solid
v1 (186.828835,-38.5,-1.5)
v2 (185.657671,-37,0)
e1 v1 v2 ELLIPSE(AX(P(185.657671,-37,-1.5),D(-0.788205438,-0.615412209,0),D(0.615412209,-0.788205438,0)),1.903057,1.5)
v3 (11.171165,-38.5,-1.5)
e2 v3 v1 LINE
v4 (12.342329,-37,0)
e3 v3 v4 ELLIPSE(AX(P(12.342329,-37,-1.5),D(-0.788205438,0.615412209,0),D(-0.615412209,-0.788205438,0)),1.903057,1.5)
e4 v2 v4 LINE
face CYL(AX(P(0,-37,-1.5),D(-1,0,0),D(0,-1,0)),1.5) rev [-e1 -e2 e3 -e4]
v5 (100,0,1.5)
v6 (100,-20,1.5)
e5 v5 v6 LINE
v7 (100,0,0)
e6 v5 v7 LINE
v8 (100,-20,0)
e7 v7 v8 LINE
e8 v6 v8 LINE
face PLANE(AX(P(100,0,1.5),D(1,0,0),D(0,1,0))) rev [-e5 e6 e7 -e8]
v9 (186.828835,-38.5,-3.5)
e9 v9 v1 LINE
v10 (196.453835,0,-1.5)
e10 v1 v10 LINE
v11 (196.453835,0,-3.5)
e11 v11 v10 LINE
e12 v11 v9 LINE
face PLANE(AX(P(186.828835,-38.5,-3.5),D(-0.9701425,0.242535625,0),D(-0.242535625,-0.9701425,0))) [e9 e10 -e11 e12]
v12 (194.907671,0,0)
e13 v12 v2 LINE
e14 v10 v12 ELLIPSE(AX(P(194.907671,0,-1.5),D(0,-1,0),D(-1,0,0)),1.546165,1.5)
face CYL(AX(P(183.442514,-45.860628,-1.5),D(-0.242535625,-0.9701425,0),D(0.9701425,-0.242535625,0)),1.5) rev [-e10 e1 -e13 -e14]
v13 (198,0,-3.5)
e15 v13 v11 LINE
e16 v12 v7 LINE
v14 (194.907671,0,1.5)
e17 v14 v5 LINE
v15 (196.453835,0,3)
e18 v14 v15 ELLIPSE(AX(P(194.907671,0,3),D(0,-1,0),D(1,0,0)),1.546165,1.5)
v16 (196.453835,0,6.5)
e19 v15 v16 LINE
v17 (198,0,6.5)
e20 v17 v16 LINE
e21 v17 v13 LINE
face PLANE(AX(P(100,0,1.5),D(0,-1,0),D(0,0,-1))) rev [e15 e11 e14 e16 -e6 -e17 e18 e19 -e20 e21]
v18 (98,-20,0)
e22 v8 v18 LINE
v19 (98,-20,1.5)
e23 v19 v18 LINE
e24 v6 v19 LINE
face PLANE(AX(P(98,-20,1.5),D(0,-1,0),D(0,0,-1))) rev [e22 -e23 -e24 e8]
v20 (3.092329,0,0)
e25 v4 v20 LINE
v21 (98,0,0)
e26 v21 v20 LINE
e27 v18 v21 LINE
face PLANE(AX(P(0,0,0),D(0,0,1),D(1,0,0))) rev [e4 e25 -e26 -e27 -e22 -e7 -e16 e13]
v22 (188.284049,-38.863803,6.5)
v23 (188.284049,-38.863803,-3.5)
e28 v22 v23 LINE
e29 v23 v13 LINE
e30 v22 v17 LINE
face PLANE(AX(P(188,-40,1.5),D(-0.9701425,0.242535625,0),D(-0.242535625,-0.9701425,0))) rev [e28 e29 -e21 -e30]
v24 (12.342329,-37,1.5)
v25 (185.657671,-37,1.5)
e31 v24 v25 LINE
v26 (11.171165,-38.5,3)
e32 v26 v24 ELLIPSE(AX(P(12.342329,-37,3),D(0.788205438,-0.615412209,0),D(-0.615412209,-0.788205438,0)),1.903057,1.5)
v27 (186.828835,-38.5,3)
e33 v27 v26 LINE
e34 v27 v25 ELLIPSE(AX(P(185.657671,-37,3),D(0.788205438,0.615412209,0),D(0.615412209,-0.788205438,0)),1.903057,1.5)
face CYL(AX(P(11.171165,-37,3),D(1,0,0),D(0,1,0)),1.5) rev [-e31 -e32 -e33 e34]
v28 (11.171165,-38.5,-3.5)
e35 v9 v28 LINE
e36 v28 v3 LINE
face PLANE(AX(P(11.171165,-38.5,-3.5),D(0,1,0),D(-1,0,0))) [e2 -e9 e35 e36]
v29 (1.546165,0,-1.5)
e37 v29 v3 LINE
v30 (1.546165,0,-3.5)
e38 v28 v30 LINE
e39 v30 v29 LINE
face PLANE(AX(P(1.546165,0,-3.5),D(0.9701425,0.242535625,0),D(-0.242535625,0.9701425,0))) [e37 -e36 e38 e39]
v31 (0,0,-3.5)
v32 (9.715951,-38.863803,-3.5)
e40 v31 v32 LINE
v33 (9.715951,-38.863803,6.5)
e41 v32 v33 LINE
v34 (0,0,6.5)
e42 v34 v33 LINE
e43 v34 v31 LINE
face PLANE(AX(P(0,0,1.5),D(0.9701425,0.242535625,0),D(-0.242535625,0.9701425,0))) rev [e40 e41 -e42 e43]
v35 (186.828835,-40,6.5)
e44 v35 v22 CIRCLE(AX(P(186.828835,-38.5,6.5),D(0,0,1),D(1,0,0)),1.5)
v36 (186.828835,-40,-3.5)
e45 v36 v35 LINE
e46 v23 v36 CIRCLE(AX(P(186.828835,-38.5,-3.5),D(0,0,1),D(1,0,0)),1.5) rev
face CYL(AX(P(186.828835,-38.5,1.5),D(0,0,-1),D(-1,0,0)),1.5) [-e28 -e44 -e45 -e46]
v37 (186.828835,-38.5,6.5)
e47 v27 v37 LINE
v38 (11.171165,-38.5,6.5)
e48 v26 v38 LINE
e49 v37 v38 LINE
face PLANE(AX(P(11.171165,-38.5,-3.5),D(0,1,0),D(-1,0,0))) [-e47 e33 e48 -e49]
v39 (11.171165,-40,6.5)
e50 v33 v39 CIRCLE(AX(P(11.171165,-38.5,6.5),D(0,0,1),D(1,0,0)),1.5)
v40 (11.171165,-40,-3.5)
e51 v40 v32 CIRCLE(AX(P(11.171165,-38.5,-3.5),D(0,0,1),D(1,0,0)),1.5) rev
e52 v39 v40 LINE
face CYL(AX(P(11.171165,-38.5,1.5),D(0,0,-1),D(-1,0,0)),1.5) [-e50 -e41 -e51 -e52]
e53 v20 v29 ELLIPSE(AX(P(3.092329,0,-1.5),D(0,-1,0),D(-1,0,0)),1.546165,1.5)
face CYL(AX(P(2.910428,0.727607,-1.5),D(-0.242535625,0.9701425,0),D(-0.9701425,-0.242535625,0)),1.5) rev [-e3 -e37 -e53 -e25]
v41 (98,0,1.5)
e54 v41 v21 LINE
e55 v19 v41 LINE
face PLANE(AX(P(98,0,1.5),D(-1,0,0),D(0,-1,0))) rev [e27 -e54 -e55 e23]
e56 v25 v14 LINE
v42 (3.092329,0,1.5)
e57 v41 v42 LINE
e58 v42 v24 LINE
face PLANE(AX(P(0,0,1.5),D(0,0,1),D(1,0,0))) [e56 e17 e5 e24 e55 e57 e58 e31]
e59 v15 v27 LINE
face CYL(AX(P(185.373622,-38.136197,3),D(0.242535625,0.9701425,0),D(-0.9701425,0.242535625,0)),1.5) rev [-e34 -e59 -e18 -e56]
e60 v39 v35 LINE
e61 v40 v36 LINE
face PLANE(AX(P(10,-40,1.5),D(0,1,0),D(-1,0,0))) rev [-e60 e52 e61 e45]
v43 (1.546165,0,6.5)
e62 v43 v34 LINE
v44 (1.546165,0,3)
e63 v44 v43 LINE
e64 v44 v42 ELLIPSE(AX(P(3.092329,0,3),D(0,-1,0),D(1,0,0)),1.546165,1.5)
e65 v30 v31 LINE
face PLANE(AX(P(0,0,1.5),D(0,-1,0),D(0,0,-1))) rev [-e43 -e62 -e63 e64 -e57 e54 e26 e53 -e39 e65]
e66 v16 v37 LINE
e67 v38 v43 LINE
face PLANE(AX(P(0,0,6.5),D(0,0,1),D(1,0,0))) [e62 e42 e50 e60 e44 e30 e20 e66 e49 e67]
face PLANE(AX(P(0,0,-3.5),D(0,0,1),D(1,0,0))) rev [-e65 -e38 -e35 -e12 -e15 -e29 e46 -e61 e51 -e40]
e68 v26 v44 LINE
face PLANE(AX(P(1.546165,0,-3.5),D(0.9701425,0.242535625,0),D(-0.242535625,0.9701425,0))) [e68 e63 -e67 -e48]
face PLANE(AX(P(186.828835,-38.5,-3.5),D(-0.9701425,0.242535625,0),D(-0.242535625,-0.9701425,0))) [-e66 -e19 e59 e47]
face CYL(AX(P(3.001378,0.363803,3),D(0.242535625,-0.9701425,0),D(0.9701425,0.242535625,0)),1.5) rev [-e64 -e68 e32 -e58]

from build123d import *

# Parameters (mm, degrees)
BOSS_EXTRUDE2_DEPTH      = 1.5
BOSS_EXTRUDE3_DEPTH      = 5
BOSS_EXTRUDE3_DEPTH_BACK = 5
FILLET1_R                = 1.5


with BuildPart() as part:
    # Sketch1 → Boss-Extrude2 (new body)
    with BuildSketch(Plane.XY):
        Polygon((0, 0), (98, 0), (98, -20), (100, -20), (100, 0), (198, 0), (188, -40), (10, -40), align=None)
    extrude(amount=BOSS_EXTRUDE2_DEPTH)

    # Sketch5 → Boss-Extrude3 (add, two sides)
    with BuildSketch(Plane.XY.offset(1.5)) as boss_extrude3_sk:
        Polygon((186.82883539, -38.5), (196.45383539, 0), (198, 0), (188, -40), (10, -40), (0, 0), (1.54616461, 0), (11.17116461, -38.5), align=None)
    extrude(amount=BOSS_EXTRUDE3_DEPTH)
    extrude(boss_extrude3_sk.sketch, amount=-BOSS_EXTRUDE3_DEPTH_BACK)

    # Fillet1
    fillet1_edges = [part.edges().sort_by_distance(p)[0] for p in [
        (188, -40, 1.5),
        (10, -40, 1.5),
        (191.64133539, -19.25, 0),
        (99, -38.5, 0),
        (6.35866461, -19.25, 0),
        (6.35866461, -19.25, 1.5),
        (99, -38.5, 1.5),
        (191.64133539, -19.25, 1.5),
    ]]
    fillet(fillet1_edges, radius=FILLET1_R)


solid = part.part
